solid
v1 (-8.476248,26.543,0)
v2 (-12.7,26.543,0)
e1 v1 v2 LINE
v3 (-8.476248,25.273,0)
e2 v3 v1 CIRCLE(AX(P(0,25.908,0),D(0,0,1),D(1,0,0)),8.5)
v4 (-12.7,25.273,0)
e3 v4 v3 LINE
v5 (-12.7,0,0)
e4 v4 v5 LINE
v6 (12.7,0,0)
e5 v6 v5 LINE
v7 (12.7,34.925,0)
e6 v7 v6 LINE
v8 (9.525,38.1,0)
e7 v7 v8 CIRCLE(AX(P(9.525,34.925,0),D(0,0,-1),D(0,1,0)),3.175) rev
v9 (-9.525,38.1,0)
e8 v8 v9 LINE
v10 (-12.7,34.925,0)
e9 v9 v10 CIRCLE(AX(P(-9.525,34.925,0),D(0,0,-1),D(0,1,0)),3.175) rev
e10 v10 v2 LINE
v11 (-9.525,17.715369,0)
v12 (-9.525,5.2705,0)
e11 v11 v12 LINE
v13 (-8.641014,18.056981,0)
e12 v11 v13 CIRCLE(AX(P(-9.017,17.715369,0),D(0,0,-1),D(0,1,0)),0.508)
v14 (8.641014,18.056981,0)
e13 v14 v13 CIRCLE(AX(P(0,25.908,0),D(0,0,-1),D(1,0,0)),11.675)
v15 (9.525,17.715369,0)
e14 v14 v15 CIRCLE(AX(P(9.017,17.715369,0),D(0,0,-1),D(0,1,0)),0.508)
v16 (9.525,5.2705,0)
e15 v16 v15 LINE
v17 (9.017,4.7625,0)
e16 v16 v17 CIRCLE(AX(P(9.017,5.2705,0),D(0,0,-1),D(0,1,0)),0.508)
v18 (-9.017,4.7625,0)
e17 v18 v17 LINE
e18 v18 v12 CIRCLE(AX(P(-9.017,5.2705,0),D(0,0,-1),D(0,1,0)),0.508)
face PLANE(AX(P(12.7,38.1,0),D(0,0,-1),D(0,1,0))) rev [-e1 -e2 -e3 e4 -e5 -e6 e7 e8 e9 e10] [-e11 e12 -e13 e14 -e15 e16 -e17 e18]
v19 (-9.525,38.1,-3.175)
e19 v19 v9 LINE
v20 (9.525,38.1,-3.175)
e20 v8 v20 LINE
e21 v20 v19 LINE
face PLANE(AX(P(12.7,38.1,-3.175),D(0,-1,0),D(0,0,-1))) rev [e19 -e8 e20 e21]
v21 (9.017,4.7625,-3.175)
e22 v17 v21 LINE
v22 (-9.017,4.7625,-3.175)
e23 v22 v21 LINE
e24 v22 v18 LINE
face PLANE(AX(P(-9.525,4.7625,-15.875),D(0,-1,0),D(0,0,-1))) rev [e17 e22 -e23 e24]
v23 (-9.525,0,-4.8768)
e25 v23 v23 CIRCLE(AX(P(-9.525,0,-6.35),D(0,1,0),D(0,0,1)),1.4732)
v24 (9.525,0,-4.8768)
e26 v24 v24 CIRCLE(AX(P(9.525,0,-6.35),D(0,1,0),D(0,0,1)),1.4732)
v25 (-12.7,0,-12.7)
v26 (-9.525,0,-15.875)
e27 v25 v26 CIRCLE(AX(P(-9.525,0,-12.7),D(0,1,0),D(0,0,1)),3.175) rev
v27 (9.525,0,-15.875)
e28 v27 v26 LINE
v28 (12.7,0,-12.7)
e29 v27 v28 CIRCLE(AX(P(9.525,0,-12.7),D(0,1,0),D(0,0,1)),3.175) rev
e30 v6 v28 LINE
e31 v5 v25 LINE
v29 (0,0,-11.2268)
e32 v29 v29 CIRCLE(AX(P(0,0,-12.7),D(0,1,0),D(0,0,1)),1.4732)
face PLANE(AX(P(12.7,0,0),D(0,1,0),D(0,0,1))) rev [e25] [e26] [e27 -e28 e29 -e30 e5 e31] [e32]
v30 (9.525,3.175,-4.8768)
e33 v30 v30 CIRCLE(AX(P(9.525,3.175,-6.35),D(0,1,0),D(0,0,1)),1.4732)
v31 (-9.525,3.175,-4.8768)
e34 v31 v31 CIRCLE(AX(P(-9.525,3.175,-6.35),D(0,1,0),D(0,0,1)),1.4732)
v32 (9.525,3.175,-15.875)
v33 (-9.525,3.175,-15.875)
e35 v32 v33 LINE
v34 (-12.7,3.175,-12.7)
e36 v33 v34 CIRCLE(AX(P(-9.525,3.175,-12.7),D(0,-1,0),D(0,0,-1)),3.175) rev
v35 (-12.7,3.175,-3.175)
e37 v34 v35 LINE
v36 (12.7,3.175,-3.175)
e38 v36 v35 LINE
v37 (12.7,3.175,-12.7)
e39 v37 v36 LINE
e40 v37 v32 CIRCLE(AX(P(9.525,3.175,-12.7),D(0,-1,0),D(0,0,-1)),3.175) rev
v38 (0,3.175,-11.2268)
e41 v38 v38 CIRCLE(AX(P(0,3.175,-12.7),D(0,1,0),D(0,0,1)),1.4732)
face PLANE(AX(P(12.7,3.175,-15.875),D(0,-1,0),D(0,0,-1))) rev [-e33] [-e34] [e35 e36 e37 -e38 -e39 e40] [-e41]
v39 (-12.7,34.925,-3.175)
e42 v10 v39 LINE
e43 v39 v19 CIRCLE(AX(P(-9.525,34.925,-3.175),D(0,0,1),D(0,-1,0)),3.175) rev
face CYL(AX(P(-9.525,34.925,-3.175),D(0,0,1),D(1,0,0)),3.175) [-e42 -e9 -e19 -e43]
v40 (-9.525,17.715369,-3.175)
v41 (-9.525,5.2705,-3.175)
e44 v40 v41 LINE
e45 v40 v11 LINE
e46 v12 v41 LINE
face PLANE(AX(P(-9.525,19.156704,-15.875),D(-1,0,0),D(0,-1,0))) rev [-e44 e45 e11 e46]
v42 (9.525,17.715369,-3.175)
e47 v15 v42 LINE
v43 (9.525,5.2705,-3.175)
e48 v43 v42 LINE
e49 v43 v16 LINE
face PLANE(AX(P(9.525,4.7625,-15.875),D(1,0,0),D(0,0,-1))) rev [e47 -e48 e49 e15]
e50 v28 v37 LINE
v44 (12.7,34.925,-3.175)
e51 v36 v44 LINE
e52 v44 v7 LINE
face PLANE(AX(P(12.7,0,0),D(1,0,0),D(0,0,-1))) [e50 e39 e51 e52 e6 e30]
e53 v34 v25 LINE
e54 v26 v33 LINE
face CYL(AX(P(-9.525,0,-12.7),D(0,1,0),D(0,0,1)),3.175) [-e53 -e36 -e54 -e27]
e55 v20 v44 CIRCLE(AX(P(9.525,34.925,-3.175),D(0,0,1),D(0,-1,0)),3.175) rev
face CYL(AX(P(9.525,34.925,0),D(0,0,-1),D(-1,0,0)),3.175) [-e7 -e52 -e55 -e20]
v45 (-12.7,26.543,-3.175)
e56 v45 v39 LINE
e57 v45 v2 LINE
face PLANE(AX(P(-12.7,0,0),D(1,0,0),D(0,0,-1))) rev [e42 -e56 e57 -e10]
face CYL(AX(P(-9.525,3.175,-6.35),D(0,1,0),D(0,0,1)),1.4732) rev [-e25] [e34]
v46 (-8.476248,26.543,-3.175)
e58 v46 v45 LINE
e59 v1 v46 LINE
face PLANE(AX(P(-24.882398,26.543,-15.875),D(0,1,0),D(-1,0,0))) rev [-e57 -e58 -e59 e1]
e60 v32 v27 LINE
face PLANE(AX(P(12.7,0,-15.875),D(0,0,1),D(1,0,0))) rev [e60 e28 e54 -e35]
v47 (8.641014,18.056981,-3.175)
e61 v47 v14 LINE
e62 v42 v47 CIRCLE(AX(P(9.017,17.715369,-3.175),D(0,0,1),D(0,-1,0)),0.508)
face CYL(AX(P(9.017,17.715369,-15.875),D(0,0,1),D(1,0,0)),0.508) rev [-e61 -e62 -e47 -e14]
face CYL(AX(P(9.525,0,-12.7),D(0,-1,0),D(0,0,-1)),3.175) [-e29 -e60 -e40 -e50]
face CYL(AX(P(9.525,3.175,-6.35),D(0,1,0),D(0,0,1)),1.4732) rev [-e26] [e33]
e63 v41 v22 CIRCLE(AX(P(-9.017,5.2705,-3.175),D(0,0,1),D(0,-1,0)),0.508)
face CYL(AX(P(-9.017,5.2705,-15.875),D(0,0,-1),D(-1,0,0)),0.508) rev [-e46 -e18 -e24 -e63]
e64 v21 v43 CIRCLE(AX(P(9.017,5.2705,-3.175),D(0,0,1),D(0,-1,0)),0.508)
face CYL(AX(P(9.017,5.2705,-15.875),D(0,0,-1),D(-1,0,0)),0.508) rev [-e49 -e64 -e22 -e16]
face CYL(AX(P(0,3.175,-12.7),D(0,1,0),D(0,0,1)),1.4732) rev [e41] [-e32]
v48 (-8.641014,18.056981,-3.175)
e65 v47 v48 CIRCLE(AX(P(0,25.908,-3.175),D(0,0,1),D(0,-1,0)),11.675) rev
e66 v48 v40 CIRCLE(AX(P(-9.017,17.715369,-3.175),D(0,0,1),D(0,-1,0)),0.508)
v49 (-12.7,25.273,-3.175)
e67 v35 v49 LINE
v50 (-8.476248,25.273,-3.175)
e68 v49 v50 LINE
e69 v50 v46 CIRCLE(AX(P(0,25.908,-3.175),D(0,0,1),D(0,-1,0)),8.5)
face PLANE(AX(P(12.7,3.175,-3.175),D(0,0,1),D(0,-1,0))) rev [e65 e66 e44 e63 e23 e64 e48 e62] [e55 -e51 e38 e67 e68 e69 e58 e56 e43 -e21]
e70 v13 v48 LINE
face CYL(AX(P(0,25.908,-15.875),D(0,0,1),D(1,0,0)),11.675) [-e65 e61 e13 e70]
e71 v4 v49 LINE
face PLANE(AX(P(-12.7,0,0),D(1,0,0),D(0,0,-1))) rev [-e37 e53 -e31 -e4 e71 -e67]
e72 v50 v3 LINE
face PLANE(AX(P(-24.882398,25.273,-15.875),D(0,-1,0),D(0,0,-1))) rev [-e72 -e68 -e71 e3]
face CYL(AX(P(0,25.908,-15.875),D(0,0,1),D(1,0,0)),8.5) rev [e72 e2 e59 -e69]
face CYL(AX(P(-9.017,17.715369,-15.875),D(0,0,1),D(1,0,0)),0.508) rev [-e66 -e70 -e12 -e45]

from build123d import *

# Parameters (mm, degrees)
BOSS_EXTRUDE1_DEPTH   = 12.7
SKETCH2_R             = 8.5
CUT_EXTRUDE1_DEPTH    = 16.875
FILLET1_R             = 3.175
F_4_CLEARANCE_HOLE1_D = 2.9464
SKETCH5_W             = 24.88239846
SKETCH5_H             = 1.27
CUT_EXTRUDE2_DEPTH    = 16.875
CUT_EXTRUDE3_DEPTH    = 16.875
FILLET2_R             = 0.508


with BuildPart() as part:
    # Sketch1 → Boss-Extrude1 (new body, symmetric)
    with BuildSketch(Plane(origin=(0, 0, 0), x_dir=(0, 0, -1), z_dir=(1, 0, 0))):
        Polygon((0, 38.1), (0, 0), (15.875, 0), (15.875, 3.175), (3.175, 3.175), (3.175, 38.1), align=None)
    extrude(amount=BOSS_EXTRUDE1_DEPTH, both=True)

    # Sketch2 → Cut-Extrude1 (cut, through all)
    with BuildSketch(Plane.XY):
        with Locations((0, 25.908)):
            Circle(SKETCH2_R)
    extrude(amount=-CUT_EXTRUDE1_DEPTH, mode=Mode.SUBTRACT)

    # Fillet1
    fillet1_edges = [part.edges().sort_by_distance(p)[0] for p in [
        (12.7, 1.5875, -15.875),
        (12.7, 38.1, -1.5875),
        (-12.7, 1.5875, -15.875),
        (-12.7, 38.1, -1.5875),
    ]]
    fillet(fillet1_edges, radius=FILLET1_R)

    # #4 Clearance Hole1 (through all)
    with Locations(Plane(origin=(0, 3.175, 0), x_dir=(1, 0, 0), z_dir=(0, 1, 0))):
        with Locations((-9.525, 6.35), (0, 12.7), (9.525, 6.35)):
            Hole(F_4_CLEARANCE_HOLE1_D / 2)

    # Sketch5 → Cut-Extrude2 (cut, through all)
    with BuildSketch(Plane.XY):
        with Locations((-12.44119923, 25.908)):
            Rectangle(SKETCH5_W, SKETCH5_H)
    extrude(amount=-CUT_EXTRUDE2_DEPTH, mode=Mode.SUBTRACT)

    # Sketch6 → Cut-Extrude3 (cut, through all)
    with BuildSketch(Plane.XY):
        with BuildLine():
            Line((-9.525, 19.156703828), (-9.525, 4.7625))
            Line((-9.525, 4.7625), (9.525, 4.7625))
            Line((9.525, 4.7625), (9.525, 19.156703828))
            ThreePointArc((9.525, 19.156703828), (0, 14.233), (-9.525, 19.156703828))
        make_face()
    extrude(amount=-CUT_EXTRUDE3_DEPTH, mode=Mode.SUBTRACT)

    # Fillet2
    fillet2_edges = [part.edges().sort_by_distance(p)[0] for p in [
        (-9.525, 19.156703828, -1.5875),
        (9.525, 19.156703828, -1.5875),
        (9.525, 4.7625, -1.5875),
        (-9.525, 4.7625, -1.5875),
    ]]
    fillet(fillet2_edges, radius=FILLET2_R)


solid = part.part
